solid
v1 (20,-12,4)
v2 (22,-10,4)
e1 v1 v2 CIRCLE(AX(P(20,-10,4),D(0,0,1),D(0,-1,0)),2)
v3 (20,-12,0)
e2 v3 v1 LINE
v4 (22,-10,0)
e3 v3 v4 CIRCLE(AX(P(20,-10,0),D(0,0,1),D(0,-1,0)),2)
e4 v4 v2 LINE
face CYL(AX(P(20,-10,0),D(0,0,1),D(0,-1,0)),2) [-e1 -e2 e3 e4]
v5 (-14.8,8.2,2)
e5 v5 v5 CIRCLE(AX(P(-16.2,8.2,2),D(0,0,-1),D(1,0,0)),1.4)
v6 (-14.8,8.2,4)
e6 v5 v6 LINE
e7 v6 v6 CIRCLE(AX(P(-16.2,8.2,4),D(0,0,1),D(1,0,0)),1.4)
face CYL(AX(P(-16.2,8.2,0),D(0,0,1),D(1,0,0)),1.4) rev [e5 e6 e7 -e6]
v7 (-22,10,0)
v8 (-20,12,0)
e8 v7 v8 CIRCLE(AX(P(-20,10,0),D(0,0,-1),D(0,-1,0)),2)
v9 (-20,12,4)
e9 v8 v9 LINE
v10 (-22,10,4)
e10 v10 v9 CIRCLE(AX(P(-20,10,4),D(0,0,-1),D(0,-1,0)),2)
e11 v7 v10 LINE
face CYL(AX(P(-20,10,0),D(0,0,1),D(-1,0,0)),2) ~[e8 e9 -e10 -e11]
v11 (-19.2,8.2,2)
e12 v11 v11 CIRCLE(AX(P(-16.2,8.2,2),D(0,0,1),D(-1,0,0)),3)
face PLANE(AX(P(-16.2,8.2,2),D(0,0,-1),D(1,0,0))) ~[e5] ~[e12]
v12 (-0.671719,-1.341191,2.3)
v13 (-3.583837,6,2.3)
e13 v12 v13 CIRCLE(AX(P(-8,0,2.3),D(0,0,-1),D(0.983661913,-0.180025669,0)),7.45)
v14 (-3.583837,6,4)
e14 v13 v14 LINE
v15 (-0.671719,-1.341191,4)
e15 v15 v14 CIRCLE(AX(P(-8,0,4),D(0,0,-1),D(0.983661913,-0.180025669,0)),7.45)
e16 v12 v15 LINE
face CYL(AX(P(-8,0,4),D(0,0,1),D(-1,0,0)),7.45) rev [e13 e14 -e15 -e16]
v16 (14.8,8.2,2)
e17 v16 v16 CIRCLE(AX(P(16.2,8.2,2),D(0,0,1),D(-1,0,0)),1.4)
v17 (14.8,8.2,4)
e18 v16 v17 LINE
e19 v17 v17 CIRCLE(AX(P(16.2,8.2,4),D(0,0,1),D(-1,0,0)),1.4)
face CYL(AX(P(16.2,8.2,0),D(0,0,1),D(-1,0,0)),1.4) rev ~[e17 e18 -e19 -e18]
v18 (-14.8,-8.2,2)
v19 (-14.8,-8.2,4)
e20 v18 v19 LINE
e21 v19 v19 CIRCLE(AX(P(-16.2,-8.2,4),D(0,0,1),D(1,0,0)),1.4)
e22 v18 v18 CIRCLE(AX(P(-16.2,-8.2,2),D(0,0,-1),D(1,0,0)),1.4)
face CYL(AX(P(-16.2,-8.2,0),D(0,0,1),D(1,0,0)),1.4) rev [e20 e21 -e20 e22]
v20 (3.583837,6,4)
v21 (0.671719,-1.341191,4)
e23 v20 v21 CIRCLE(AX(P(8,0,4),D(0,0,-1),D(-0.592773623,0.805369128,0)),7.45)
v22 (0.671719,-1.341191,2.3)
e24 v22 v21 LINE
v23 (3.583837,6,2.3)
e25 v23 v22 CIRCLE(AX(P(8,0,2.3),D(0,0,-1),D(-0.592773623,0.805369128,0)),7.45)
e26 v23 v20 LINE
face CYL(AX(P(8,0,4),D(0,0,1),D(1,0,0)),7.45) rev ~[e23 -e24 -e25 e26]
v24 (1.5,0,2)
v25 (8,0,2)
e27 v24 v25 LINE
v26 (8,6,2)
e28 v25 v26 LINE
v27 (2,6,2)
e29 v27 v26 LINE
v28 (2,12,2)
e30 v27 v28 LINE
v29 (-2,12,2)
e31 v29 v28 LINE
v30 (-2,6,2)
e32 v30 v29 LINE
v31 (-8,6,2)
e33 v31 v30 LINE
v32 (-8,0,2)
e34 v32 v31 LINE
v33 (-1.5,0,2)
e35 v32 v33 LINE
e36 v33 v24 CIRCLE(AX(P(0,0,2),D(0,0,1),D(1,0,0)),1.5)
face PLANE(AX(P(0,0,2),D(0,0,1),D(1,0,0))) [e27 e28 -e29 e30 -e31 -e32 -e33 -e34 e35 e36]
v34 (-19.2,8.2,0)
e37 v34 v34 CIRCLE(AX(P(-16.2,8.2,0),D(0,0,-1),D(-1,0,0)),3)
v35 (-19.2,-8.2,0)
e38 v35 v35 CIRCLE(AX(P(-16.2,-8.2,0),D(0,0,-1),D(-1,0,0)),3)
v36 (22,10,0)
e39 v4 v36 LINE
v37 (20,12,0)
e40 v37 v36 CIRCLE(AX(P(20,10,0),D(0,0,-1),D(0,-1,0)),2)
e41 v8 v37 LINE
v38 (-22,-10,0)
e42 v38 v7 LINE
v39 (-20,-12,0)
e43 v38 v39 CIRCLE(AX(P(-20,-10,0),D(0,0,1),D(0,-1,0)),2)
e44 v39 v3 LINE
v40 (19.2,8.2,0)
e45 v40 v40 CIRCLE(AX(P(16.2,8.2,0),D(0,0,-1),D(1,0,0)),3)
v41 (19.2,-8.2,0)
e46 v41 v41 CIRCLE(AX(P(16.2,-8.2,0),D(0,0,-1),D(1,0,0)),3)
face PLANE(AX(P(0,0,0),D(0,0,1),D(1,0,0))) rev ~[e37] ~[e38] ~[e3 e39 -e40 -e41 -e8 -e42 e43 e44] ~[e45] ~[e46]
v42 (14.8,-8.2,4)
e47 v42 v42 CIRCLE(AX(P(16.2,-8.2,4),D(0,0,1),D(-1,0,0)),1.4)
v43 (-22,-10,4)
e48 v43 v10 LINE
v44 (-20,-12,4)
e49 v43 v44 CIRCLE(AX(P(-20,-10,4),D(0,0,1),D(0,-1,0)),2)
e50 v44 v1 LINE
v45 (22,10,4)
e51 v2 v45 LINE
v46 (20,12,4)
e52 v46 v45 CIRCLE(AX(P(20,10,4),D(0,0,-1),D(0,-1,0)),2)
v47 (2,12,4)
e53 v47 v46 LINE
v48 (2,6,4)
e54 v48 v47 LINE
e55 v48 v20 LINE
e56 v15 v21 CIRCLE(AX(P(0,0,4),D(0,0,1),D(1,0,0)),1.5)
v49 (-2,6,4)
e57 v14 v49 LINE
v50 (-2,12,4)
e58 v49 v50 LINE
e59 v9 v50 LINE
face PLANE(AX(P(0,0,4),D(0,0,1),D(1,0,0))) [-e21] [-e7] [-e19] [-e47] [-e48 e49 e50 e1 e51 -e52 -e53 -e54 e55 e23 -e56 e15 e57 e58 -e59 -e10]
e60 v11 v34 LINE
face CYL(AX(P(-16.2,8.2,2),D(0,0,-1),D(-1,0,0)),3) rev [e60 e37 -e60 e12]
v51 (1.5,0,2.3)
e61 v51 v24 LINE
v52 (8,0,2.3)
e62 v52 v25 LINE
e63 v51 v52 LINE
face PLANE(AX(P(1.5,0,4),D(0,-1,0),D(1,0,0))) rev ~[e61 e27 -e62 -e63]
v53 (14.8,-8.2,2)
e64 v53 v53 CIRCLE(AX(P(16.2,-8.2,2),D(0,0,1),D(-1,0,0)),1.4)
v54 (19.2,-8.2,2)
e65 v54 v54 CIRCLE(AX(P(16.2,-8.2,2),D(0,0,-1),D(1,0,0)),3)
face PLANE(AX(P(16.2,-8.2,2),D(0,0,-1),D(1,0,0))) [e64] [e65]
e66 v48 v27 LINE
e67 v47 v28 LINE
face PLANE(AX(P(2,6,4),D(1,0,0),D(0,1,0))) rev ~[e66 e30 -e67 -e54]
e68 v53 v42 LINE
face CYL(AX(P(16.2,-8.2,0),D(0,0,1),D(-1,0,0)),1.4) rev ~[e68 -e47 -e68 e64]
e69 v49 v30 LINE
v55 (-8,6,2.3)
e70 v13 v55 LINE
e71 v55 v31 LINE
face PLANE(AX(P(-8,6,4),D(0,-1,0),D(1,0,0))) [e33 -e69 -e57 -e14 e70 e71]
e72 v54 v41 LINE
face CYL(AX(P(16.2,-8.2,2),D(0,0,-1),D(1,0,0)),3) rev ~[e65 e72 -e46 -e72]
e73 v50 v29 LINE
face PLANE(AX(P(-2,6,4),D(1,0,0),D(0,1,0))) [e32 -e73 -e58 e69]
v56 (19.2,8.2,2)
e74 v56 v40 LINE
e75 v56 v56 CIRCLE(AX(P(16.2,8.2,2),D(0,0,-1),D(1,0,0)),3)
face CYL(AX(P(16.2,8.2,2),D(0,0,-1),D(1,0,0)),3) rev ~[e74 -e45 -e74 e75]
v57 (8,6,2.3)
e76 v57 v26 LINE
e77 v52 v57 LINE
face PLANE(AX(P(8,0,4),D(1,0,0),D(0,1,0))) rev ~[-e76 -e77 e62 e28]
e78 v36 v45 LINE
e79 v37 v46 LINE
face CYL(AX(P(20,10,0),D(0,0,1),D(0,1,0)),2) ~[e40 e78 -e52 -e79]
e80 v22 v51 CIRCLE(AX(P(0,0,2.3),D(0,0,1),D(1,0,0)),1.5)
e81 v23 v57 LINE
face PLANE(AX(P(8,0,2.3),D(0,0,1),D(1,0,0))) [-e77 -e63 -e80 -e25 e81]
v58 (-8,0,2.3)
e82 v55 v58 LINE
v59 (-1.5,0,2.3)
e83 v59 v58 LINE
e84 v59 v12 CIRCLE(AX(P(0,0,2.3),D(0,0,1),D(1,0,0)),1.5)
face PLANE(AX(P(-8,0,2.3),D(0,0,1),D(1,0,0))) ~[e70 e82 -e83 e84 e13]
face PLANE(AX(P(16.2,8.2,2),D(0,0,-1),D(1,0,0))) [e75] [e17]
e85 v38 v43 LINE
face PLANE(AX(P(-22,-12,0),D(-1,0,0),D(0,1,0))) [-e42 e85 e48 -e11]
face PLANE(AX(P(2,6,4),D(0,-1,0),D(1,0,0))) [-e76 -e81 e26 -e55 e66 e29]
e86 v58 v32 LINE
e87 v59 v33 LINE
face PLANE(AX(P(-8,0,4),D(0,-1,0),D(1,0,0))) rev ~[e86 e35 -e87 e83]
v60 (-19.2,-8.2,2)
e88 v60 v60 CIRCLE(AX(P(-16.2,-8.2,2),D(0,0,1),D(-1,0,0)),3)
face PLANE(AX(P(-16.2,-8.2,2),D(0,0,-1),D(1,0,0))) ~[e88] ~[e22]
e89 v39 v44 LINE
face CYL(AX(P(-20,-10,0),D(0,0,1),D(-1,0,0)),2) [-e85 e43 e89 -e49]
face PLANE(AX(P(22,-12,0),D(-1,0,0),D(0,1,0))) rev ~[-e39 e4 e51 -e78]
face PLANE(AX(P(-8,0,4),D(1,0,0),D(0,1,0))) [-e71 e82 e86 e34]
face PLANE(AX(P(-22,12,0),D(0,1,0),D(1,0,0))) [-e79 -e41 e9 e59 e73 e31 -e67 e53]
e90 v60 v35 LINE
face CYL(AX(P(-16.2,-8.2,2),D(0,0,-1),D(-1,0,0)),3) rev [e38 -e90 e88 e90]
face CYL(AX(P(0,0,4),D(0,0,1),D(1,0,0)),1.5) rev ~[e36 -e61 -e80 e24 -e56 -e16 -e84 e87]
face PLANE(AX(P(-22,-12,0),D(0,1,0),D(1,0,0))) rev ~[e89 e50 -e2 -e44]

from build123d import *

# Parameters (mm, degrees)
SKETCH051_W         = 44
SKETCH051_H         = 24
PAD014_DEPTH        = 4
SKETCH052_R         = 7.45
POCKET015_DEPTH     = 1.7
SKETCH053_R         = 1.5
SKETCH053_W         = 16
SKETCH053_H         = 6
SKETCH053_W_2       = 4
POCKET016_DEPTH     = 2
HOLE022_D           = 2.8
HOLE022_DEPTH       = 25
HOLE022_CBORE_D     = 6
HOLE022_CBORE_DEPTH = 2
FILLET020_R         = 2


with BuildPart() as part:
    # Sketch051 → Pad014 (new body)
    with BuildSketch(Plane.XY):
        Rectangle(SKETCH051_W, SKETCH051_H)
    extrude(amount=PAD014_DEPTH)

    # Sketch052 (on Face6 of Pad014) → Pocket015 (cut)
    with BuildSketch(Plane.XY.offset(4)):
        with Locations((8, 0)):
            Circle(SKETCH052_R)
    pocket015 = extrude(amount=-POCKET015_DEPTH, mode=Mode.SUBTRACT)

    # Mirrored025: Pocket015 across Sketch052 V_Axis
    add(pocket015.mirror(Plane(origin=(0, 0, 4), x_dir=(0, 0, 1), z_dir=(1, 0, 0))), mode=Mode.SUBTRACT)

    # Sketch053 (on Face5 of Mirrored025) → Pocket016 (cut)
    with BuildSketch(Plane.XY.offset(4)):
        Circle(SKETCH053_R)
        with Locations((0, 3)):
            Rectangle(SKETCH053_W, SKETCH053_H)
        with Locations((0, 9)):
            Rectangle(SKETCH053_W_2, SKETCH053_H)
    extrude(amount=-POCKET016_DEPTH, mode=Mode.SUBTRACT)

    # Hole022
    with Locations(Plane(origin=(0, 0, 0), x_dir=(1, 0, 0), z_dir=(0, 0, -1))):
        with Locations((16.2, 8.2), (16.2, -8.2)):
            hole022 = CounterBoreHole(HOLE022_D / 2, HOLE022_CBORE_D / 2, HOLE022_CBORE_DEPTH, depth=HOLE022_DEPTH)

    # Mirrored026: Hole022 across Sketch054 V_Axis
    add(hole022.mirror(Plane(origin=(0, 0, 0), x_dir=(0, 0, -1), z_dir=(1, 0, 0))), mode=Mode.SUBTRACT)

    # Fillet020
    fillet020_edges = [part.edges().sort_by_distance(p)[0] for p in [
        (-22, 12, 2),
        (-22, -12, 2),
        (22, -12, 2),
        (22, 12, 2),
    ]]
    fillet(fillet020_edges, radius=FILLET020_R)


solid = part.part
